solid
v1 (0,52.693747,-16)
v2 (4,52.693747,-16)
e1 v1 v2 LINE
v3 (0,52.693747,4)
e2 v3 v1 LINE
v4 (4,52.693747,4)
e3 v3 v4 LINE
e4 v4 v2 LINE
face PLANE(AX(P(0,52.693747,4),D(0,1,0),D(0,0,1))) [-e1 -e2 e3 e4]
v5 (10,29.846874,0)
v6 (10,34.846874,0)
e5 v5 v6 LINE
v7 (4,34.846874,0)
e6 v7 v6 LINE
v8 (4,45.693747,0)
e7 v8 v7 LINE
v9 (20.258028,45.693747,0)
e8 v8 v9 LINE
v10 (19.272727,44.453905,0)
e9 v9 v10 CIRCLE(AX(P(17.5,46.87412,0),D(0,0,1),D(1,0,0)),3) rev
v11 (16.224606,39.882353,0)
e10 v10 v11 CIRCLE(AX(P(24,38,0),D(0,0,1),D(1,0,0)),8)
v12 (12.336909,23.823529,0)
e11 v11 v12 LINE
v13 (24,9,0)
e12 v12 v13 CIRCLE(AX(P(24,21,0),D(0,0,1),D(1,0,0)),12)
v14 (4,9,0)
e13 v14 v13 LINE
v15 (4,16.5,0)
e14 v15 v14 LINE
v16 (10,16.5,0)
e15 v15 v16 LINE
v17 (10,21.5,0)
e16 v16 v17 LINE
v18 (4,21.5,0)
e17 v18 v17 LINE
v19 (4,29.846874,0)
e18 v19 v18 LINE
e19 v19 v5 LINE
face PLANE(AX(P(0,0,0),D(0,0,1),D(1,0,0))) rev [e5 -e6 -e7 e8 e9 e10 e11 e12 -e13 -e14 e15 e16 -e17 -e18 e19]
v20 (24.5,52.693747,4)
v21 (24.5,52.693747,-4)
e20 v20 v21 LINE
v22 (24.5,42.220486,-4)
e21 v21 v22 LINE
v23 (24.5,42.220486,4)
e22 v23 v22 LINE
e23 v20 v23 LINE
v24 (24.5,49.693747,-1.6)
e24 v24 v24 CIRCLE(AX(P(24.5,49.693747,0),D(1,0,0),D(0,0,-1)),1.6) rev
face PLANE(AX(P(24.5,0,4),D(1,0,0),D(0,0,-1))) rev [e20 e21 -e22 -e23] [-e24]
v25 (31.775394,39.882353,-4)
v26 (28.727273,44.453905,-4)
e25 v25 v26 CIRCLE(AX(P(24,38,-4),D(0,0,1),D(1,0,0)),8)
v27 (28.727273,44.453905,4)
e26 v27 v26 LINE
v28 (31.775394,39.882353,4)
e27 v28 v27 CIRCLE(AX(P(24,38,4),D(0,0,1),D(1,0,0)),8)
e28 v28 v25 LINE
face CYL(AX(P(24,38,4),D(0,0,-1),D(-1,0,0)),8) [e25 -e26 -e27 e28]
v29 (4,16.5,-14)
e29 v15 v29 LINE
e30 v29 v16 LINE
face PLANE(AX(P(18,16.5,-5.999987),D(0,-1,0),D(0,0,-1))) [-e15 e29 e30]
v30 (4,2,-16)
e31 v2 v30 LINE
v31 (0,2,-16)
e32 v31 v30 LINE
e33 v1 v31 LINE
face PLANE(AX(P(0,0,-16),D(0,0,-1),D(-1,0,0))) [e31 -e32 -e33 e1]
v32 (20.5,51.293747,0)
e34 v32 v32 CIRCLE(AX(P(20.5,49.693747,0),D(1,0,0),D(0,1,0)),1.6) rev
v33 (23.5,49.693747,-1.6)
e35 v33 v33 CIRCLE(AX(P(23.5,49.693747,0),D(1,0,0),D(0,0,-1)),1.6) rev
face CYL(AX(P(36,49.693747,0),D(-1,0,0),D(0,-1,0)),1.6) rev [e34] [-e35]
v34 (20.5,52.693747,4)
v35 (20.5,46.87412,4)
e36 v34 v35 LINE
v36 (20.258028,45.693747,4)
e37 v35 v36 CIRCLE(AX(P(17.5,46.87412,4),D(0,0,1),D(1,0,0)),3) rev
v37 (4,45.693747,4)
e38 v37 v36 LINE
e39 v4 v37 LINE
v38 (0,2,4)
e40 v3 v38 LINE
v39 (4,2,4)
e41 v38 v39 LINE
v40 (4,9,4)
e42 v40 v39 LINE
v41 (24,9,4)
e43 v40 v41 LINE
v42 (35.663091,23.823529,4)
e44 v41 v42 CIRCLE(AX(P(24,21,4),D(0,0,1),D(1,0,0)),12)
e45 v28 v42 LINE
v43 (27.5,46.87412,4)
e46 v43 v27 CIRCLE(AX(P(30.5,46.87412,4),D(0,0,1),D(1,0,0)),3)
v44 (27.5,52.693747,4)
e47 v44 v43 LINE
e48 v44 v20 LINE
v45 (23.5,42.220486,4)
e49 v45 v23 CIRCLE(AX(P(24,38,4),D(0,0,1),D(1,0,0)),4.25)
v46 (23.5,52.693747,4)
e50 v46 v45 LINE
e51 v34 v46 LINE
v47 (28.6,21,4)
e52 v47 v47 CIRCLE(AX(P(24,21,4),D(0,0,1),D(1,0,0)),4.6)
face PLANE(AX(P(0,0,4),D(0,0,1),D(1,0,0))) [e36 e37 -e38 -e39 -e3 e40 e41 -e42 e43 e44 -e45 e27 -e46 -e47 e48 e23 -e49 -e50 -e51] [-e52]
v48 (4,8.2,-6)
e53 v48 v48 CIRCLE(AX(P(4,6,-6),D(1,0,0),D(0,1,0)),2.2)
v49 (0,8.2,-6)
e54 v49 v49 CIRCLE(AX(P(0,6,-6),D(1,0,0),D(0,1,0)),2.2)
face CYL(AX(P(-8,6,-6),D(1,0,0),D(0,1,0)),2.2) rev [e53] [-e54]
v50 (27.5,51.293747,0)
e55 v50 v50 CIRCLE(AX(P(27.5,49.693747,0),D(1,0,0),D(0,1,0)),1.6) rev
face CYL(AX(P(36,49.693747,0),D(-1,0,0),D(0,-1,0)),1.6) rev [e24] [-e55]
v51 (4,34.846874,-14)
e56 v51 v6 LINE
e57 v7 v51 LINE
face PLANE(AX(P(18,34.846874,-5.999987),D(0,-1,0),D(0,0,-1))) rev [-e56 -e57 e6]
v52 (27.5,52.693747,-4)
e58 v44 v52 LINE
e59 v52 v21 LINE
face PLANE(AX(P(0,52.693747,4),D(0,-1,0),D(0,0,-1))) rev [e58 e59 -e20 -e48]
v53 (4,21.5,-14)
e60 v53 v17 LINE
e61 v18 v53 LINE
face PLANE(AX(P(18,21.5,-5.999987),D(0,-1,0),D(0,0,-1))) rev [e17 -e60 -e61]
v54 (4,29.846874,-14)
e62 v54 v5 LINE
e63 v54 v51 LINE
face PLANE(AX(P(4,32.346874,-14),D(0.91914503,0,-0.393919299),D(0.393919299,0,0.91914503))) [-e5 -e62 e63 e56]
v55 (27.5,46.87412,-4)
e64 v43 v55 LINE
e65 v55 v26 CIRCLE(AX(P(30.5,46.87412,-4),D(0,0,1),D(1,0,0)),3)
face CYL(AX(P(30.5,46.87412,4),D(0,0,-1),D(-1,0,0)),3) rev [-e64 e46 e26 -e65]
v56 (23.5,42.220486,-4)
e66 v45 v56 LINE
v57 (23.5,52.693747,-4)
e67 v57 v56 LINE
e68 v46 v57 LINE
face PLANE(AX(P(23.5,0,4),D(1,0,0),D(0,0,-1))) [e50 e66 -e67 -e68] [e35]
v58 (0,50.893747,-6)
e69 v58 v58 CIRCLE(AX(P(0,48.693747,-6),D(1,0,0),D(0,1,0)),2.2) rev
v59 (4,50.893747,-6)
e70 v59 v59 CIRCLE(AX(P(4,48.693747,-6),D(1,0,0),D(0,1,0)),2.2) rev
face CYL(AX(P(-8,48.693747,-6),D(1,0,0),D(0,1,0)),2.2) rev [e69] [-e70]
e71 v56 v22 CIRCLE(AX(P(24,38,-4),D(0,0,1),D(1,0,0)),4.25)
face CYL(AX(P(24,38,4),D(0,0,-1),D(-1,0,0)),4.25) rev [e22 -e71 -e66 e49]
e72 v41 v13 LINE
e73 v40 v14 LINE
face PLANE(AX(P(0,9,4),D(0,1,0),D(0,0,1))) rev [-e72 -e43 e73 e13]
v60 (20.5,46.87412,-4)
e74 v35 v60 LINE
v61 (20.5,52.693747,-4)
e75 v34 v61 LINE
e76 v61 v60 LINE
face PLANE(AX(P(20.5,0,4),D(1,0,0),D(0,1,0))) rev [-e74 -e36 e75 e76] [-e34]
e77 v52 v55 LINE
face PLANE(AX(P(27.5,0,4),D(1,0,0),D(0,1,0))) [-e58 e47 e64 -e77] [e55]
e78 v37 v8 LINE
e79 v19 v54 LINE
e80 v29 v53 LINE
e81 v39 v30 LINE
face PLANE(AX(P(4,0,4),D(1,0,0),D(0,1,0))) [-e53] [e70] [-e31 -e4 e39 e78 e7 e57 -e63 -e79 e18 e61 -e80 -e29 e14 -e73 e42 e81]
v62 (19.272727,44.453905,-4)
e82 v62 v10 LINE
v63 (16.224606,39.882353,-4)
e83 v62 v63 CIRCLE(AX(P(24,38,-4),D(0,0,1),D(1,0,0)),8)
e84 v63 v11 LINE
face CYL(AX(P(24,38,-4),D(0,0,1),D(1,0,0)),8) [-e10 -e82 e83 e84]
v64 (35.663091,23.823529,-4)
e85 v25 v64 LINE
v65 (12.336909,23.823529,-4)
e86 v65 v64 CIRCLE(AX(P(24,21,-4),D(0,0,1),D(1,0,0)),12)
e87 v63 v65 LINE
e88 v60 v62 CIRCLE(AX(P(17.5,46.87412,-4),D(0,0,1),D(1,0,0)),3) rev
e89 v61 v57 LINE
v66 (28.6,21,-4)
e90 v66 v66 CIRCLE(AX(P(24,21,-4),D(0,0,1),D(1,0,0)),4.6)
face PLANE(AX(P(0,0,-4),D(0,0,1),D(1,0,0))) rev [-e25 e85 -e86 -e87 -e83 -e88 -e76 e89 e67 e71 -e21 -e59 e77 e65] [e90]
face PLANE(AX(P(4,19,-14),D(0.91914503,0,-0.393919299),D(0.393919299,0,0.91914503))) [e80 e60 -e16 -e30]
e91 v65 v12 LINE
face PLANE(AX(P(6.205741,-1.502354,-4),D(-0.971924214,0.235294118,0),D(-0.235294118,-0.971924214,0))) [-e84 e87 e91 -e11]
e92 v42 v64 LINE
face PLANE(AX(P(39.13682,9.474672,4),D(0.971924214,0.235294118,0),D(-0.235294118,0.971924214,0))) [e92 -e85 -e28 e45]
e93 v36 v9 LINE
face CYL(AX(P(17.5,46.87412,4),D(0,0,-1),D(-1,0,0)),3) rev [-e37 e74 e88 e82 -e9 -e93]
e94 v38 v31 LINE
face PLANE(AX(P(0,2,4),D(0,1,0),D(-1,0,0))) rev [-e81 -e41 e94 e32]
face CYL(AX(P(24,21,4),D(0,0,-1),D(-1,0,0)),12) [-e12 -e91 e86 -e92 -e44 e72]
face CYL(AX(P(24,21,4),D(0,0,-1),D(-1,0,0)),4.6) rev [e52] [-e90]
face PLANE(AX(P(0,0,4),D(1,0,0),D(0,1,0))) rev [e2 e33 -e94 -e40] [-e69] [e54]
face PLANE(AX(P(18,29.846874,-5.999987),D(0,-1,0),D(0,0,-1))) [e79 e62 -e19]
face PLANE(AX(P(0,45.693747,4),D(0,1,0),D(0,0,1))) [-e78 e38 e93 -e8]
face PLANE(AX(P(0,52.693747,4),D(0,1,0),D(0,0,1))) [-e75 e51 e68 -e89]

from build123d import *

# Parameters (mm, degrees)
SKETCH_1_R          = 4.6
EXTRUDE_1_DEPTH     = 4
EXTRUDE_START       = -4
SKETCH_1_4_R        = 4.6
SKETCH_1_4_W        = 4
SKETCH_1_4_H        = 50.693747285
EXTRUDE_2_DEPTH     = 4
EXTRUDE_3_DEPTH     = 12
SKETCH_4_R          = 2.2
CUT_EXTRUDE_2_DEPTH = 12
SKETCH_4_3_R        = 1.6
CUT_EXTRUDE_3_DEPTH = 64.691687079
RIB_6_REACH         = 53.839
SKETCH_6_WALL_W     = 120.90928936
SKETCH_6_WALL_H     = 5
RIB_7_REACH         = 51.729
SKETCH_8_WALL_W     = 116.68872775
SKETCH_8_WALL_H     = 5


with BuildPart() as part:
    # 草图1 → 凸台-拉伸1 (new body)
    with BuildSketch(Plane.XY):
        with BuildLine():
            ThreePointArc((20.5, 46.874119675), (20.438884601, 46.271660298), (20.258028466, 45.693747285))
            Line((20.258028466, 45.693747285), (4, 45.693747285))
            Line((4, 45.693747285), (4, 52.693747285))
            Line((4, 52.693747285), (0, 52.693747285))
            Line((0, 52.693747285), (0, 2))
            Line((0, 2), (4, 2))
            Line((4, 2), (4, 9))
            Line((4, 9), (23.999999933, 9))
            ThreePointArc((23.999999933, 9), (33.430862955, 13.579836665), (35.663090571, 23.823529412))
            Line((35.663090571, 23.823529412), (31.775393714, 39.882352941))
            ThreePointArc((31.775393714, 39.882352941), (30.656120461, 42.438024382), (28.727272727, 44.453905218))
            ThreePointArc((28.727272727, 44.453905218), (28.15133251, 45.007636077), (27.741971534, 45.693747285))
            ThreePointArc((27.741971534, 45.693747285), (27.561115399, 46.271660298), (27.5, 46.874119675))
            Line((27.5, 46.874119675), (27.5, 52.693747285))
            Line((27.5, 52.693747285), (24.5, 52.693747285))
            Line((24.5, 52.693747285), (24.5, 42.220485754))
            ThreePointArc((24.5, 42.220485754), (24, 33.75), (23.5, 42.220485754))
            Line((23.5, 42.220485754), (23.5, 52.693747285))
            Line((23.5, 52.693747285), (20.5, 52.693747285))
            Line((20.5, 52.693747285), (20.5, 46.874119675))
        make_face()
        with Locations((24, 21)):
            Circle(SKETCH_1_R, mode=Mode.SUBTRACT)
    extrude(amount=EXTRUDE_1_DEPTH)

    # 草图1<4> → 凸台-拉伸2 (add)
    # profile 1 of 2: a face of its own
    with BuildSketch(Plane.XY.offset(EXTRUDE_START)):
        with BuildLine():
            ThreePointArc((19.272727273, 44.453905218), (17.343879539, 42.438024382), (16.224606286, 39.882352941))
            Line((16.224606286, 39.882352941), (12.336909429, 23.823529412))
            ThreePointArc((12.336909429, 23.823529412), (24, 9), (35.663090571, 23.823529412))
            Line((35.663090571, 23.823529412), (31.775393714, 39.882352941))
            ThreePointArc((31.775393714, 39.882352941), (30.656120461, 42.438024382), (28.727272727, 44.453905218))
            ThreePointArc((28.727272727, 44.453905218), (28.15133251, 45.007636077), (27.741971534, 45.693747285))
            ThreePointArc((27.741971534, 45.693747285), (27.561115399, 46.271660298), (27.5, 46.874119675))
            Line((27.5, 46.874119675), (27.5, 52.693747285))
            Line((27.5, 52.693747285), (24.5, 52.693747285))
            Line((24.5, 52.693747285), (24.5, 42.220485754))
            ThreePointArc((24.5, 42.220485754), (24, 33.75), (23.5, 42.220485754))
            Line((23.5, 42.220485754), (23.5, 52.693747285))
            Line((23.5, 52.693747285), (20.5, 52.693747285))
            Line((20.5, 52.693747285), (20.5, 46.874119675))
            ThreePointArc((20.5, 46.874119675), (20.438884601, 46.271660298), (20.258028466, 45.693747285))
            ThreePointArc((20.258028466, 45.693747285), (19.84866749, 45.007636077), (19.272727273, 44.453905218))
        make_face()
        with Locations((24, 21)):
            Circle(SKETCH_1_4_R, mode=Mode.SUBTRACT)
    # profile 2 of 2: a face of its own
    with BuildSketch(Plane.XY.offset(EXTRUDE_START)):
        with Locations((2, 27.346873643)):
            Rectangle(SKETCH_1_4_W, SKETCH_1_4_H)
    extrude(amount=EXTRUDE_2_DEPTH)

    # 草图1<5> → 凸台-拉伸3 (add)
    with BuildSketch(Plane.XY.offset(EXTRUDE_START)):
        Polygon((4, 45.693747285), (4, 9), (4, 2), (0, 2), (0, 52.693747285), (4, 52.693747285), align=None)
    extrude(amount=-EXTRUDE_3_DEPTH)

    # 草图4 → 切除-拉伸2 (cut)
    with BuildSketch(Plane(origin=(4, 0, 0), x_dir=(0, 0, -1), z_dir=(1, 0, 0))):
        with Locations(Location((6, 48.693747285, 0), (0, 0, 90))):
            Circle(SKETCH_4_R)
        with Locations(Location((6, 6, 0), (0, 0, 90))):
            Circle(SKETCH_4_R)
    extrude(amount=-CUT_EXTRUDE_2_DEPTH, mode=Mode.SUBTRACT)

    # 草图4<3> → 切除-拉伸3 (cut, through all)
    with BuildSketch(Plane(origin=(4, 0, 0), x_dir=(0, 0, -1), z_dir=(1, 0, 0))):
        with Locations((0, 49.693747285)):
            Circle(SKETCH_4_3_R)
    extrude(amount=CUT_EXTRUDE_3_DEPTH, mode=Mode.SUBTRACT)

    # 草图6 wall → 筋6 (add, up to next)
    with BuildSketch(Plane(origin=(7, 19, -7), x_dir=(0.393919298579, 0, 0.919145030018), z_dir=(-0.919145030018, 0, 0.393919298579)), mode=Mode.PRIVATE) as rib_6_sk1:
        Rectangle(SKETCH_6_WALL_W, SKETCH_6_WALL_H)
    rib_6_tool1 = extrude(rib_6_sk1.sketch, amount=RIB_6_REACH, mode=Mode.PRIVATE) - part.part
    add(rib_6_tool1.solids().sort_by_distance((7, 19, -7))[0])

    # 草图8 wall → 筋7 (add, up to next)
    with BuildSketch(Plane(origin=(7, 32.346873642, -7), x_dir=(0.393919298579, 0, 0.919145030018), z_dir=(-0.919145030018, 0, 0.393919298579)), mode=Mode.PRIVATE) as rib_7_sk1:
        Rectangle(SKETCH_8_WALL_W, SKETCH_8_WALL_H)
    rib_7_tool1 = extrude(rib_7_sk1.sketch, amount=RIB_7_REACH, mode=Mode.PRIVATE) - part.part
    add(rib_7_tool1.solids().sort_by_distance((7, 32.346873642, -7))[0])


solid = part.part
